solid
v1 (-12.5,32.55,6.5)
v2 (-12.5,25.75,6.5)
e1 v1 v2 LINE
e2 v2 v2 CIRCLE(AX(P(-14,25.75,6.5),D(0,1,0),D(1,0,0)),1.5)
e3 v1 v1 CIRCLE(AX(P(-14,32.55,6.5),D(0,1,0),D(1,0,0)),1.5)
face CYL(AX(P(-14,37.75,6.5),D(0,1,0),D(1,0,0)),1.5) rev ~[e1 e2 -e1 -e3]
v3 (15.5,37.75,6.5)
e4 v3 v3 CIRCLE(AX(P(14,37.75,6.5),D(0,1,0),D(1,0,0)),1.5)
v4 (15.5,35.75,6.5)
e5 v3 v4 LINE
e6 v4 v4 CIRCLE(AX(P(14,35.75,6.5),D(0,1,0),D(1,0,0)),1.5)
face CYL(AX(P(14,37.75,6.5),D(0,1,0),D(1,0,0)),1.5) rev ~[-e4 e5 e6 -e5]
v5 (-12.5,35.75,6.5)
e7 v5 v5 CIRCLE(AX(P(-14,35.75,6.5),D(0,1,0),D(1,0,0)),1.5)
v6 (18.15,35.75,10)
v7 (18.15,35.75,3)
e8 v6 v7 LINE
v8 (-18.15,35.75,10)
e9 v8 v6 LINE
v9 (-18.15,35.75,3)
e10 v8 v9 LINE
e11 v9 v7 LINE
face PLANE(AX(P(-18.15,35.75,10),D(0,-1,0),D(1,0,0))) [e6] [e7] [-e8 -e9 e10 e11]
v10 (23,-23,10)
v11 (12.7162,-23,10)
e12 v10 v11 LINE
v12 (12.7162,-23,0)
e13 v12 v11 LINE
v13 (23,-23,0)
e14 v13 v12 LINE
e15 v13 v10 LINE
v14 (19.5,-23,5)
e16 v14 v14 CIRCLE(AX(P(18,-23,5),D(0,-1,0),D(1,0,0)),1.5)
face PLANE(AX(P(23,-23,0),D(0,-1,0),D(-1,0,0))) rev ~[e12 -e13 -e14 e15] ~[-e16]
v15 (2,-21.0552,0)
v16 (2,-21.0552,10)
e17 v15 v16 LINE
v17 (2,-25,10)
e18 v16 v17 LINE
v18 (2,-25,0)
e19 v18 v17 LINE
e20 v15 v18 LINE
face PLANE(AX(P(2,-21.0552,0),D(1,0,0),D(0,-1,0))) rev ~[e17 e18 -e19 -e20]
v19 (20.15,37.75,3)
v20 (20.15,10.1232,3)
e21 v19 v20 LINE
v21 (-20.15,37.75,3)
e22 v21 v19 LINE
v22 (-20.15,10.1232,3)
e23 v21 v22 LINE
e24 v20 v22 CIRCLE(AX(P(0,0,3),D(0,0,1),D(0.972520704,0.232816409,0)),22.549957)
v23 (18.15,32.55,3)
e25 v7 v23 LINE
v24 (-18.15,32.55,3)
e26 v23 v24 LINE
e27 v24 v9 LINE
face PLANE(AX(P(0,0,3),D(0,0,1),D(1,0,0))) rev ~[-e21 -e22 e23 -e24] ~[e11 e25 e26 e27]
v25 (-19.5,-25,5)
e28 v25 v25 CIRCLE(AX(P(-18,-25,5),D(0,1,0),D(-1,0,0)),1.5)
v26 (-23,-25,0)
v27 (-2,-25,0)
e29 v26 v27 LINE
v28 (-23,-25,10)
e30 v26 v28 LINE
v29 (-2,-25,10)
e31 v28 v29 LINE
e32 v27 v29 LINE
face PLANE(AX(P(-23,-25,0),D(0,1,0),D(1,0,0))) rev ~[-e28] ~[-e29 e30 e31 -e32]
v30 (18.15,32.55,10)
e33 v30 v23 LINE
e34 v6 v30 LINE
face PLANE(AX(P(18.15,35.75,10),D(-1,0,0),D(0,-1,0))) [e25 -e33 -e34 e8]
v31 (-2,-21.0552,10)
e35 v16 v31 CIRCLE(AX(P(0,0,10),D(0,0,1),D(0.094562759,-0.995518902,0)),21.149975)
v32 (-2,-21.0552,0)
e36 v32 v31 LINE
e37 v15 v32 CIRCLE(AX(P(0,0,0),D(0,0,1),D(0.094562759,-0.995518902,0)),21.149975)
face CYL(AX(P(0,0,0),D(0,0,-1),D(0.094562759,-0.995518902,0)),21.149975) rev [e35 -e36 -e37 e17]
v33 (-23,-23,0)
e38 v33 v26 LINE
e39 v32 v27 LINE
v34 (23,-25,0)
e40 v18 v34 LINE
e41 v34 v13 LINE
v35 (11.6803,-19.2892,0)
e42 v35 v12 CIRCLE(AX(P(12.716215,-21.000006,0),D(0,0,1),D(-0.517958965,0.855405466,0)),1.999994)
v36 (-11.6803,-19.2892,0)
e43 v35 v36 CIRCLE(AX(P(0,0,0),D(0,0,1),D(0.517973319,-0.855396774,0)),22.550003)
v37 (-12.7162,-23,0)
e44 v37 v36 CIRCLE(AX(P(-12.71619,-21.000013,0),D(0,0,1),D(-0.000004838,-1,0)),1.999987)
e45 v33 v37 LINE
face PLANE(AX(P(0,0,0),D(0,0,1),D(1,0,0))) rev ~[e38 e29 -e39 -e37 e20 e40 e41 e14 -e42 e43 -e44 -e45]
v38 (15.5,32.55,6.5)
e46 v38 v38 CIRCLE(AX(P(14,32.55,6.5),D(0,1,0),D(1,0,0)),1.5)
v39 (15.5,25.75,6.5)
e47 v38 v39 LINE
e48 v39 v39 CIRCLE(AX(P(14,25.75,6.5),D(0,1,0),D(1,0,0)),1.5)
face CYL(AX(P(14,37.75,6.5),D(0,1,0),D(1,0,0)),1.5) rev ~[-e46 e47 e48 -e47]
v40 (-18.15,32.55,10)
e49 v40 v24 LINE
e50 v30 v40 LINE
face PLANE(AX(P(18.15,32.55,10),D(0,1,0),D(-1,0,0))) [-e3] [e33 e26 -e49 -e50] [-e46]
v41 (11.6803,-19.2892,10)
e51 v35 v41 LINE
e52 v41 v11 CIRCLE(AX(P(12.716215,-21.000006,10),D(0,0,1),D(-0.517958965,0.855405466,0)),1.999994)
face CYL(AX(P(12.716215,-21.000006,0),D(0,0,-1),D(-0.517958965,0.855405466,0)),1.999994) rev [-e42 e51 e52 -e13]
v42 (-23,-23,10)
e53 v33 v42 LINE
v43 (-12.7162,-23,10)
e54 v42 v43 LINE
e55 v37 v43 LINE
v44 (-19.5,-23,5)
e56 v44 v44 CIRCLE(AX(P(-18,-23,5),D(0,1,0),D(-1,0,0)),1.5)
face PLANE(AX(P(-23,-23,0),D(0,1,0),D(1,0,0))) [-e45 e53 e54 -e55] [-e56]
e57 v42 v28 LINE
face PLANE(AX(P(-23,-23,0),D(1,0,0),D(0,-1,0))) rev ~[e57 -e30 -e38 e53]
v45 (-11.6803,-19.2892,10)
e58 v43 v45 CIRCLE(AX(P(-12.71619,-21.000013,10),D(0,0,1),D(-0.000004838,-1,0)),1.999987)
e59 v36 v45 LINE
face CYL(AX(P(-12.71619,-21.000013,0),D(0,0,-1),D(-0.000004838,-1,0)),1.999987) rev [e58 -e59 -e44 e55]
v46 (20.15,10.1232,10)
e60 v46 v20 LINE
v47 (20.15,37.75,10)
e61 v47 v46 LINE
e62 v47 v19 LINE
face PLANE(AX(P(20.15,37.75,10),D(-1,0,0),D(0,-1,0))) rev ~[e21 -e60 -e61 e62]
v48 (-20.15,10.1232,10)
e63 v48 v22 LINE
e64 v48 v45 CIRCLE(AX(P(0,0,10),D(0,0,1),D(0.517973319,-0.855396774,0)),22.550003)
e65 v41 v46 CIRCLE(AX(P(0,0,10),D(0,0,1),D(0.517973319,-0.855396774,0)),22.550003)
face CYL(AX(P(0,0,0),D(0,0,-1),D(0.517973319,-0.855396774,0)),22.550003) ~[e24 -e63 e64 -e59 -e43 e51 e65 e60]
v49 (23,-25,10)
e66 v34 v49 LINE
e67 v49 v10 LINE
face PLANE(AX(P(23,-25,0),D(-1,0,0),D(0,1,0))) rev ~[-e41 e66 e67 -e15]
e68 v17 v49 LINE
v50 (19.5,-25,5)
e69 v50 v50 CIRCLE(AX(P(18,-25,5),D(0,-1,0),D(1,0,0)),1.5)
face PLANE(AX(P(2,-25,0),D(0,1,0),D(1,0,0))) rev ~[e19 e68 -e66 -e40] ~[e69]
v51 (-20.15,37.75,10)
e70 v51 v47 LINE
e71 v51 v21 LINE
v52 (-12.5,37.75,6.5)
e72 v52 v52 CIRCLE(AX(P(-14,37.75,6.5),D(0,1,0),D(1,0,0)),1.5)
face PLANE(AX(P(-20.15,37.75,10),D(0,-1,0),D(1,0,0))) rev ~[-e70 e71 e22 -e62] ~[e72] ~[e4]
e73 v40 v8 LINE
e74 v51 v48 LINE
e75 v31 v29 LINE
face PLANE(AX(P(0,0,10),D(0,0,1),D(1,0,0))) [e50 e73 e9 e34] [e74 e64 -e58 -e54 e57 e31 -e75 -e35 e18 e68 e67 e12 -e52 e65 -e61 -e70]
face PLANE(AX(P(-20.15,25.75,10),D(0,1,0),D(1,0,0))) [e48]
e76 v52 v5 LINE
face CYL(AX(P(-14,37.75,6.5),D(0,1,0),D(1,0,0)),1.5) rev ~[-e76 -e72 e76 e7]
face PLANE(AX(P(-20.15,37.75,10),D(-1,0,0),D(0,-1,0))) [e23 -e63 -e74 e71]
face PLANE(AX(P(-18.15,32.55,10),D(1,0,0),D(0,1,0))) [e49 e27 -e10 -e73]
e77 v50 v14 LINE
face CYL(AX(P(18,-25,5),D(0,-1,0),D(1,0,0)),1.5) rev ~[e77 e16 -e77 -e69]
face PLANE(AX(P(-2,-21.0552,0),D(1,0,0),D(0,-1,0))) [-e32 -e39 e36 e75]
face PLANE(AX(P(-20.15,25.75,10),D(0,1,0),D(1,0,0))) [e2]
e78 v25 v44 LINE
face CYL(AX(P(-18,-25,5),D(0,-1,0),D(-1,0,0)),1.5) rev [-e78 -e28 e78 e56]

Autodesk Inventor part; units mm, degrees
ref_plane "YZ Plane" through (0, 0, 0) normal (1, 0, 0) x (0, 1, 0)
ref_plane "XZ Plane" through (0, 0, 0) normal (0, 1, 0) x (-1, 0, 0)
ref_plane "XY Plane" through (0, 0, 0) normal (0, 0, 1) x (1, 0, 0)
sketch "Sketch1" plane through (0, 0, 0) normal (0, 0, 1) x (1, 0, 0)
  circle A0 centre (0, 0) radius 21.15 construction
  line L0 (-18, -25) -> (18, -25) construction
  line L1 (-18, -25) -> (-18, -38.1522) construction
  line L2 (18, -25) -> (18, -38.1522) construction
  line L3 (-23, -23) -> (-23, -25)
  line L4 (-23, -25) -> (-2, -25)
  line L5 (-2, -21.0552) -> (-2, -25)
  line L6 (2, -21.0552) -> (2, -25)
  line L7 (2, -25) -> (23, -25)
  line L8 (23, -25) -> (23, -23)
  line L9 (23, -23) -> (12.7162, -23)
  line L10 (-23, -23) -> (-12.7162, -23)
  arc A1 (11.6803, -19.2892) -> (-11.6803, -19.2892) centre (0, 0) ccw
  arc A2 (2, -21.0552) -> (-2, -21.0552) centre (0, 0) ccw
  arc A3 (11.6803, -19.2892) -> (12.7162, -23) centre (12.7162, -21) ccw
  arc A4 (-12.7162, -23) -> (-11.6803, -19.2892) centre (-12.7162, -21) ccw
  point P0 (0, -25)
  dimension "d13" = 42.3
  dimension "d1" = 25
  dimension "d2" = 36
  dimension "d3" = 2
  dimension "d4" = 1.4
  dimension "d5" = 5
  dimension "d6" = 2
  dimension "d7" = 4
extrude "Extrusion1" add sketch "Sketch1" along normal blind 10
sketch "Sketch2" plane through (2, -25, 0) normal (0, -1, 0) x (1, 0, 0)
  circle A0 centre (16, 5) radius 1.5
  line L0 (21, 0) -> (21, 10) projected
  point P0 (-2, 0)
  point P1 (16, 0)
  point P2 (16, 0)
  point P3 (16, 0)
  point P4 (21, 5)
  dimension "d10" = 3
extrude "Extrusion2" cut sketch "Sketch2" against normal up to surface (2 mm away)
mirror "Mirror1" about plane through (0, 0, 0) normal (1, 0, 0) of "Extrusion2"
sketch "Sketch3" plane through (0, 0, 10) normal (0, 0, 1) x (1, 0, 0)
  arc A0 (21.9303, 5.25) -> (-21.9303, 5.25) centre (0, 0) ccw projected
  line L0 (-18.15, 35.75) -> (18.15, 35.75)
  line L1 (18.15, 35.75) -> (18.15, 32.55)
  line L2 (18.15, 32.55) -> (-18.15, 32.55)
  line L3 (-18.15, 32.55) -> (-18.15, 35.75)
  line L4 (-20.15, 37.75) -> (20.15, 37.75)
  line L5 (20.15, 37.75) -> (20.15, 10.1232)
  arc A1 (11.6803, -19.2892) -> (-11.6803, -19.2892) centre (0, 0) ccw projected
  line L6 (-20.15, 37.75) -> (-20.15, 10.1232)
  point P0 (0, 35.75)
  dimension "d14" = 3.2
  dimension "d15" = 36.3
  dimension "d16" = 10
  dimension "d17" = 2
  dimension "d18" = 2
  dimension "d19" = 2
extrude "Extrusion3" add sketch "Sketch3" against normal blind 7
sketch "Sketch4" plane through (-20.15, 37.75, 10) normal (0, 1, 0) x (1, 0, 0)
  circle A0 centre (34.15, 3.5) radius 1.5
  circle A1 centre (6.15, 3.5) radius 1.5
  line L0 (34.15, 3.5) -> (6.15, 3.5) construction
  line L1 (0, 7) -> (40.3, 7) construction
  line L2 (0, 0) -> (0, 7) projected
  point P0 (20.15, 10)
  point P1 (20.15, 3.5)
  point P2 (20.15, 7)
  point P3 (0, 3.5)
  dimension "d22" = 3
  dimension "d23" = 3
  dimension "d24" = 28
extrude "Extrusion4" cut sketch "Sketch4" against normal blind 12
properties part number "OmegaRing" material "ABS Plastic"
